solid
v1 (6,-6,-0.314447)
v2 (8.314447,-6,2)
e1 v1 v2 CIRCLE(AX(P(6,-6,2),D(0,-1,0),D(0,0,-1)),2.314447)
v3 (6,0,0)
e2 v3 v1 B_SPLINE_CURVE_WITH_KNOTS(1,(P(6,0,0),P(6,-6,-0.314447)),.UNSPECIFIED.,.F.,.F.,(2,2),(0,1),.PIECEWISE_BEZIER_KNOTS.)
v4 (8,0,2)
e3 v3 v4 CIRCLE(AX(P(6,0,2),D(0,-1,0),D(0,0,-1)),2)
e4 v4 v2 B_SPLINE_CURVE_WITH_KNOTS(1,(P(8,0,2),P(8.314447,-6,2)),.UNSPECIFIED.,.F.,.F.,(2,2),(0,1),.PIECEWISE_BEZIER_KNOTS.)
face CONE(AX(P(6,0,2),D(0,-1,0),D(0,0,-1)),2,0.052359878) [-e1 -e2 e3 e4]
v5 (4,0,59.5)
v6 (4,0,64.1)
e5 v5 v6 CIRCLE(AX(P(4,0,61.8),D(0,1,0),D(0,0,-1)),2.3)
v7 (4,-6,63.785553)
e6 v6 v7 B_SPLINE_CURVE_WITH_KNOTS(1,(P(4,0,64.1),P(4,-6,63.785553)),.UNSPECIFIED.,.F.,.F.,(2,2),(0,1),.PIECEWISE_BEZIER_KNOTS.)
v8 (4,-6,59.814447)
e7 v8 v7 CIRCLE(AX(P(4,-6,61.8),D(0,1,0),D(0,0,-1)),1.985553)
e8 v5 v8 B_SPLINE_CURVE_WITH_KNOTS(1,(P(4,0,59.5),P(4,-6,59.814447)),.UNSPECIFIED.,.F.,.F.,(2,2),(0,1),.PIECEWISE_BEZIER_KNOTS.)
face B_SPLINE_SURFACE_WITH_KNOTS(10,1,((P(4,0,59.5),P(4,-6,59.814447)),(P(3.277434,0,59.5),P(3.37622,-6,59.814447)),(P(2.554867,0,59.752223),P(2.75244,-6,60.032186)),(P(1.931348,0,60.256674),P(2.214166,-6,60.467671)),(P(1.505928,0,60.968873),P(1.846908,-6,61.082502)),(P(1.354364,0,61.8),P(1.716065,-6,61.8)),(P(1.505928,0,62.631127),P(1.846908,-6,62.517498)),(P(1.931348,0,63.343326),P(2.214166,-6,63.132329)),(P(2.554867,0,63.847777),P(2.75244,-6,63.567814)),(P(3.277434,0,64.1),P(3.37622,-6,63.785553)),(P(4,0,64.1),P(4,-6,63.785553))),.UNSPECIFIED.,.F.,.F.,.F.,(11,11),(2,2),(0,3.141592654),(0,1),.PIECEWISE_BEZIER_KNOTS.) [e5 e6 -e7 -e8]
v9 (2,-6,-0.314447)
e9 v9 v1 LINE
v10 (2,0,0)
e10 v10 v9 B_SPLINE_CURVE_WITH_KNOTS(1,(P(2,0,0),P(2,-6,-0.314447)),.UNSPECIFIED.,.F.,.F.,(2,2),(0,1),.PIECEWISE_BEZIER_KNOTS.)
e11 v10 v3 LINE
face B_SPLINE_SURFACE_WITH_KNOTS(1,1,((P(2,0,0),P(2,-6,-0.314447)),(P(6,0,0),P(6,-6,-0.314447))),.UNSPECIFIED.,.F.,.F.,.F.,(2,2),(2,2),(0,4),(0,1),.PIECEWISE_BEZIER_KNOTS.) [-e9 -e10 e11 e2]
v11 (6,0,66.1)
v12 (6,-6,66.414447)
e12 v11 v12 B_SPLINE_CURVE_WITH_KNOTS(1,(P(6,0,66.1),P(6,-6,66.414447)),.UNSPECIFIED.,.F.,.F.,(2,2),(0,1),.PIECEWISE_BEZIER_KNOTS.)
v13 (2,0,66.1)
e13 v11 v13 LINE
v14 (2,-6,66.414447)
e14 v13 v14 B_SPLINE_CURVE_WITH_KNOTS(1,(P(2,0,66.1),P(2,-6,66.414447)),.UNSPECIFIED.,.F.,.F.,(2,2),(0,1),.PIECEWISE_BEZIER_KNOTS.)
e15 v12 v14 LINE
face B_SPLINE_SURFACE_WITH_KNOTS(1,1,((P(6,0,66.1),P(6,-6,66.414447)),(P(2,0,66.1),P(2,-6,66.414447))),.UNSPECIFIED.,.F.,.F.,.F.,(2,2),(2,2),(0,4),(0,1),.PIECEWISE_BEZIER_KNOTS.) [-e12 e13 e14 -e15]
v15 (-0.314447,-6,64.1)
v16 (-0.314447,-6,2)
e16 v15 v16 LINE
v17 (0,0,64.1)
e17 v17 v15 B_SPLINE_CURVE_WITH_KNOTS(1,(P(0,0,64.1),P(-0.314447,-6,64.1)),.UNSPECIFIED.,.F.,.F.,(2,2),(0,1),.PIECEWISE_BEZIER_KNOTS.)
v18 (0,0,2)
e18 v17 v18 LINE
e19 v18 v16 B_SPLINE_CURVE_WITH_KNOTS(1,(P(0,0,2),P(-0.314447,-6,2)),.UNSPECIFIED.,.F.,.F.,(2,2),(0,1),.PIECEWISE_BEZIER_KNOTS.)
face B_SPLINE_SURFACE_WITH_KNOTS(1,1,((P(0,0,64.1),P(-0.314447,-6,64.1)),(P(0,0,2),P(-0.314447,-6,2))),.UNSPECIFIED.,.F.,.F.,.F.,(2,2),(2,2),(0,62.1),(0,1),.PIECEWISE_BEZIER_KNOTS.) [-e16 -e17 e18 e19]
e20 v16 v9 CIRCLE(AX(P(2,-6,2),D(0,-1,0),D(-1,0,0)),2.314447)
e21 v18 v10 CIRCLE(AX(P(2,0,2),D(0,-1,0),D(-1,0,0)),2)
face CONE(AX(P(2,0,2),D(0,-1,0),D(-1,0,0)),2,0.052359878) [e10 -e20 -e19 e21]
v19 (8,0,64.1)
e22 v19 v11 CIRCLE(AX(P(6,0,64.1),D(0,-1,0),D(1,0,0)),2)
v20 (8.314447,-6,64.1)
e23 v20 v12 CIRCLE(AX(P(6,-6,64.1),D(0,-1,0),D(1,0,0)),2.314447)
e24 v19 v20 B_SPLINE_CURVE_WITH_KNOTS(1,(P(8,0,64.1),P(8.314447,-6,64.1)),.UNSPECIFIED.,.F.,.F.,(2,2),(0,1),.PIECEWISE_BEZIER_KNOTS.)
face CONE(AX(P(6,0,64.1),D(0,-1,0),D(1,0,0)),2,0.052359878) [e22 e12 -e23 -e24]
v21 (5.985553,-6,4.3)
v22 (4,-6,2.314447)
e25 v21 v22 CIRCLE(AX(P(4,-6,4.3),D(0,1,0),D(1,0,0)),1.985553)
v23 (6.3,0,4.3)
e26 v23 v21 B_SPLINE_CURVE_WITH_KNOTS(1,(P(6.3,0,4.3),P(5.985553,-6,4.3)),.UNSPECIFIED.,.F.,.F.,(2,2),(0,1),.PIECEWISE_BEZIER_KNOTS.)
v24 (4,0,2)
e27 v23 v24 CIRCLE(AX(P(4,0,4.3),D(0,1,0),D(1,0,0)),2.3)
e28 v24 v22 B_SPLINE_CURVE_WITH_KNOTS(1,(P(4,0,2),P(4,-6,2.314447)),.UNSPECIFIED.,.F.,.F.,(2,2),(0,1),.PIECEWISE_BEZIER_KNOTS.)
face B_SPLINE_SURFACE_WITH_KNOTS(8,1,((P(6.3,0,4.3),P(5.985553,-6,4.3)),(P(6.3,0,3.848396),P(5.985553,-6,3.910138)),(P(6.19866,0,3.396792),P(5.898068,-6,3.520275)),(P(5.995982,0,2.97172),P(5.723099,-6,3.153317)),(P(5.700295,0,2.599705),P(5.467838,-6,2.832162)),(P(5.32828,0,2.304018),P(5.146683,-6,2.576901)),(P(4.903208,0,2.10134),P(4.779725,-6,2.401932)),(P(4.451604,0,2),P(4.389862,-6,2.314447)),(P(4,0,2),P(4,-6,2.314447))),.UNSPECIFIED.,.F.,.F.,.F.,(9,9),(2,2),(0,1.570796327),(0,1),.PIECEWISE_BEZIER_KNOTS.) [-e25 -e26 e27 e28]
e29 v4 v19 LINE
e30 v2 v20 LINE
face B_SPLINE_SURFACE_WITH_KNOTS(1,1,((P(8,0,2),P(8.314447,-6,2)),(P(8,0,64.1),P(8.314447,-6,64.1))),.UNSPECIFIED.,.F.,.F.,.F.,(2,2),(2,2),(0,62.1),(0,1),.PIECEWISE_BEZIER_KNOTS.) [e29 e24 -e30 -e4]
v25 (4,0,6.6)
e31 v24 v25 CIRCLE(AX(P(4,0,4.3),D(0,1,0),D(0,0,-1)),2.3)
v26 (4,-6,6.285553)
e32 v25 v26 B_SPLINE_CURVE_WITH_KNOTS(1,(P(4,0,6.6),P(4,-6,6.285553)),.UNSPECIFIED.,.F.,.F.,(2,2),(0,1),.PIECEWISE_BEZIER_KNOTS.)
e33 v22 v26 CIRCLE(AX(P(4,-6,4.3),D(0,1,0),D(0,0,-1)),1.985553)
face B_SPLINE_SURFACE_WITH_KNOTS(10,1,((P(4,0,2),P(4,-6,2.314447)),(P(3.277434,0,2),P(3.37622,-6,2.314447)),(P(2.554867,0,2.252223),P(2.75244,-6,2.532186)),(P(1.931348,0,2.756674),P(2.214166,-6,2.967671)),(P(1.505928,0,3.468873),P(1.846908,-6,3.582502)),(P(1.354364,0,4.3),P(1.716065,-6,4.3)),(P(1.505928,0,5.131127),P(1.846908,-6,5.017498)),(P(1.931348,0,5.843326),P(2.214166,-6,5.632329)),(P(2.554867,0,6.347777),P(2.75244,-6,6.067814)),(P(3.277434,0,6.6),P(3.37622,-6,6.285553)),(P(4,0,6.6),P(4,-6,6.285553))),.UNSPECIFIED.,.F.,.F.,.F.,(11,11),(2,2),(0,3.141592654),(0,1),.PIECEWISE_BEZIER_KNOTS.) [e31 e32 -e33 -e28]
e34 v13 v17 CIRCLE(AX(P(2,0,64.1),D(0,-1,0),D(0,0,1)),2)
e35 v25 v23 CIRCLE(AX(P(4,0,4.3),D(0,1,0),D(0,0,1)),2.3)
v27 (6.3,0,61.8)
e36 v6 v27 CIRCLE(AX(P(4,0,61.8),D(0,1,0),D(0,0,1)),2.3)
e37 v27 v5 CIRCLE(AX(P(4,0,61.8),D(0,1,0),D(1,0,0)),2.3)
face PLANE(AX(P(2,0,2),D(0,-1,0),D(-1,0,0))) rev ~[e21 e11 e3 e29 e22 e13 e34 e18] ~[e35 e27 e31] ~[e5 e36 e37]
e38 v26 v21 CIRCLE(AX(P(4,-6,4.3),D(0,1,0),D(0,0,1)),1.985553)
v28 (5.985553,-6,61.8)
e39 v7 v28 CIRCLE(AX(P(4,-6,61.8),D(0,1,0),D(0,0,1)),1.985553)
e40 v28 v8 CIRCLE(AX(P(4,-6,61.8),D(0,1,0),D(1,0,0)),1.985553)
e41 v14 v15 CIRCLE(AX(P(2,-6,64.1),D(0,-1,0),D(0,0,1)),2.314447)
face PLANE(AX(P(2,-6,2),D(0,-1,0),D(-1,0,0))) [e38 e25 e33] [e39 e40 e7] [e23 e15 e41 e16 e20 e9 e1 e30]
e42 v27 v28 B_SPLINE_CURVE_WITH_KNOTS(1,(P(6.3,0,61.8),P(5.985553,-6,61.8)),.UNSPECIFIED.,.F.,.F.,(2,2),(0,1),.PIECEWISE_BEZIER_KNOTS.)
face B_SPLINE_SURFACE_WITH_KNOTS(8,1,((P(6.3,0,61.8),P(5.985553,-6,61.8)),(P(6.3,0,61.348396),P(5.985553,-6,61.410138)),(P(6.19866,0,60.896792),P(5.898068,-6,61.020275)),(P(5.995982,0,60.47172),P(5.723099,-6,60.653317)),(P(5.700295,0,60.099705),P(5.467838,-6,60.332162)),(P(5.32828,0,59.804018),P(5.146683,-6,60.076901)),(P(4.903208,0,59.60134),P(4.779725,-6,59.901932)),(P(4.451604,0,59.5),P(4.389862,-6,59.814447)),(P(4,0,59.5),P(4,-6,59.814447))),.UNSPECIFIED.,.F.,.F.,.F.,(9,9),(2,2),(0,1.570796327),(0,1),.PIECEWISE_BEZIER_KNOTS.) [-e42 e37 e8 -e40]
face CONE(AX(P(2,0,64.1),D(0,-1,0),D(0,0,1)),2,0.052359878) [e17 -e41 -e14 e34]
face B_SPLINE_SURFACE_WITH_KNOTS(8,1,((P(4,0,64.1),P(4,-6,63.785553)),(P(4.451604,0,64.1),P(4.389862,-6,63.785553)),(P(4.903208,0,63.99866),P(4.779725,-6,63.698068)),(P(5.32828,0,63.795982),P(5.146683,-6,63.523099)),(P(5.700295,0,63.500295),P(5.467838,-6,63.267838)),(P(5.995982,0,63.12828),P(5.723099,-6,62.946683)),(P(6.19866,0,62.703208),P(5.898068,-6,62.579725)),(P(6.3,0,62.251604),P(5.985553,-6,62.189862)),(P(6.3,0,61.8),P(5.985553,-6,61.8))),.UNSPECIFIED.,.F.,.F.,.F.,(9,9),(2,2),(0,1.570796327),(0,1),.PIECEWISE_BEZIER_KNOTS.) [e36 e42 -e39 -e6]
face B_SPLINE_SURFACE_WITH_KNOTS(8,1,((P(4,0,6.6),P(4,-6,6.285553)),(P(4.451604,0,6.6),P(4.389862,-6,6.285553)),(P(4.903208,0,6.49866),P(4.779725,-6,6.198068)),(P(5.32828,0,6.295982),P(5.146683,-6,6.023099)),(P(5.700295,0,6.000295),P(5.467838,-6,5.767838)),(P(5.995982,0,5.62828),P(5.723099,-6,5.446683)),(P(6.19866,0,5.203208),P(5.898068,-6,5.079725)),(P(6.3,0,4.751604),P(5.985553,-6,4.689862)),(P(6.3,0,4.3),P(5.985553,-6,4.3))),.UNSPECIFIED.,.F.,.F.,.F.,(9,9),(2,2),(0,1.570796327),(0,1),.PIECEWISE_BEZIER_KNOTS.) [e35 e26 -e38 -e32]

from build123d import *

# Parameters (mm, degrees)
F1_DEPTH = 6
F1_TAPER = -3


with BuildPart() as f1:
    # F0 (on Front) → F1 (new body)
    with BuildSketch(Plane.XZ):
        with BuildLine():
            ThreePointArc((0, 2), (0.5857864376, 0.5857864376), (2, 0))
            Line((2, 0), (4, 0))
            Line((4, 0), (4, 2))
            ThreePointArc((4, 2), (1.7, 4.3), (4, 6.6))
            Line((4, 6.6), (4, 59.5))
            ThreePointArc((4, 59.5), (1.7, 61.8), (4, 64.1))
            Line((4, 64.1), (4, 66.1))
            Line((4, 66.1), (2, 66.1))
            ThreePointArc((2, 66.1), (0.5857864376, 65.5142135624), (0, 64.1))
            Line((0, 64.1), (0, 2))
        make_face()
        with BuildLine():
            Line((4, 2), (4, 0))
            Line((4, 0), (6, 0))
            ThreePointArc((6, 0), (7.4142135624, 0.5857864376), (8, 2))
            Line((8, 2), (8, 64.1))
            ThreePointArc((8, 64.1), (7.4142135624, 65.5142135624), (6, 66.1))
            Line((6, 66.1), (4, 66.1))
            Line((4, 66.1), (4, 64.1))
            ThreePointArc((4, 64.1), (5.6263455967, 63.4263455967), (6.3, 61.8))
            ThreePointArc((6.3, 61.8), (5.6263455967, 60.1736544033), (4, 59.5))
            Line((4, 59.5), (4, 6.6))
            ThreePointArc((4, 6.6), (5.6263455967, 5.9263455967), (6.3, 4.3))
            ThreePointArc((6.3, 4.3), (5.6263455967, 2.6736544033), (4, 2))
        make_face()
    extrude(amount=F1_DEPTH, taper=F1_TAPER)


solid = f1.part
